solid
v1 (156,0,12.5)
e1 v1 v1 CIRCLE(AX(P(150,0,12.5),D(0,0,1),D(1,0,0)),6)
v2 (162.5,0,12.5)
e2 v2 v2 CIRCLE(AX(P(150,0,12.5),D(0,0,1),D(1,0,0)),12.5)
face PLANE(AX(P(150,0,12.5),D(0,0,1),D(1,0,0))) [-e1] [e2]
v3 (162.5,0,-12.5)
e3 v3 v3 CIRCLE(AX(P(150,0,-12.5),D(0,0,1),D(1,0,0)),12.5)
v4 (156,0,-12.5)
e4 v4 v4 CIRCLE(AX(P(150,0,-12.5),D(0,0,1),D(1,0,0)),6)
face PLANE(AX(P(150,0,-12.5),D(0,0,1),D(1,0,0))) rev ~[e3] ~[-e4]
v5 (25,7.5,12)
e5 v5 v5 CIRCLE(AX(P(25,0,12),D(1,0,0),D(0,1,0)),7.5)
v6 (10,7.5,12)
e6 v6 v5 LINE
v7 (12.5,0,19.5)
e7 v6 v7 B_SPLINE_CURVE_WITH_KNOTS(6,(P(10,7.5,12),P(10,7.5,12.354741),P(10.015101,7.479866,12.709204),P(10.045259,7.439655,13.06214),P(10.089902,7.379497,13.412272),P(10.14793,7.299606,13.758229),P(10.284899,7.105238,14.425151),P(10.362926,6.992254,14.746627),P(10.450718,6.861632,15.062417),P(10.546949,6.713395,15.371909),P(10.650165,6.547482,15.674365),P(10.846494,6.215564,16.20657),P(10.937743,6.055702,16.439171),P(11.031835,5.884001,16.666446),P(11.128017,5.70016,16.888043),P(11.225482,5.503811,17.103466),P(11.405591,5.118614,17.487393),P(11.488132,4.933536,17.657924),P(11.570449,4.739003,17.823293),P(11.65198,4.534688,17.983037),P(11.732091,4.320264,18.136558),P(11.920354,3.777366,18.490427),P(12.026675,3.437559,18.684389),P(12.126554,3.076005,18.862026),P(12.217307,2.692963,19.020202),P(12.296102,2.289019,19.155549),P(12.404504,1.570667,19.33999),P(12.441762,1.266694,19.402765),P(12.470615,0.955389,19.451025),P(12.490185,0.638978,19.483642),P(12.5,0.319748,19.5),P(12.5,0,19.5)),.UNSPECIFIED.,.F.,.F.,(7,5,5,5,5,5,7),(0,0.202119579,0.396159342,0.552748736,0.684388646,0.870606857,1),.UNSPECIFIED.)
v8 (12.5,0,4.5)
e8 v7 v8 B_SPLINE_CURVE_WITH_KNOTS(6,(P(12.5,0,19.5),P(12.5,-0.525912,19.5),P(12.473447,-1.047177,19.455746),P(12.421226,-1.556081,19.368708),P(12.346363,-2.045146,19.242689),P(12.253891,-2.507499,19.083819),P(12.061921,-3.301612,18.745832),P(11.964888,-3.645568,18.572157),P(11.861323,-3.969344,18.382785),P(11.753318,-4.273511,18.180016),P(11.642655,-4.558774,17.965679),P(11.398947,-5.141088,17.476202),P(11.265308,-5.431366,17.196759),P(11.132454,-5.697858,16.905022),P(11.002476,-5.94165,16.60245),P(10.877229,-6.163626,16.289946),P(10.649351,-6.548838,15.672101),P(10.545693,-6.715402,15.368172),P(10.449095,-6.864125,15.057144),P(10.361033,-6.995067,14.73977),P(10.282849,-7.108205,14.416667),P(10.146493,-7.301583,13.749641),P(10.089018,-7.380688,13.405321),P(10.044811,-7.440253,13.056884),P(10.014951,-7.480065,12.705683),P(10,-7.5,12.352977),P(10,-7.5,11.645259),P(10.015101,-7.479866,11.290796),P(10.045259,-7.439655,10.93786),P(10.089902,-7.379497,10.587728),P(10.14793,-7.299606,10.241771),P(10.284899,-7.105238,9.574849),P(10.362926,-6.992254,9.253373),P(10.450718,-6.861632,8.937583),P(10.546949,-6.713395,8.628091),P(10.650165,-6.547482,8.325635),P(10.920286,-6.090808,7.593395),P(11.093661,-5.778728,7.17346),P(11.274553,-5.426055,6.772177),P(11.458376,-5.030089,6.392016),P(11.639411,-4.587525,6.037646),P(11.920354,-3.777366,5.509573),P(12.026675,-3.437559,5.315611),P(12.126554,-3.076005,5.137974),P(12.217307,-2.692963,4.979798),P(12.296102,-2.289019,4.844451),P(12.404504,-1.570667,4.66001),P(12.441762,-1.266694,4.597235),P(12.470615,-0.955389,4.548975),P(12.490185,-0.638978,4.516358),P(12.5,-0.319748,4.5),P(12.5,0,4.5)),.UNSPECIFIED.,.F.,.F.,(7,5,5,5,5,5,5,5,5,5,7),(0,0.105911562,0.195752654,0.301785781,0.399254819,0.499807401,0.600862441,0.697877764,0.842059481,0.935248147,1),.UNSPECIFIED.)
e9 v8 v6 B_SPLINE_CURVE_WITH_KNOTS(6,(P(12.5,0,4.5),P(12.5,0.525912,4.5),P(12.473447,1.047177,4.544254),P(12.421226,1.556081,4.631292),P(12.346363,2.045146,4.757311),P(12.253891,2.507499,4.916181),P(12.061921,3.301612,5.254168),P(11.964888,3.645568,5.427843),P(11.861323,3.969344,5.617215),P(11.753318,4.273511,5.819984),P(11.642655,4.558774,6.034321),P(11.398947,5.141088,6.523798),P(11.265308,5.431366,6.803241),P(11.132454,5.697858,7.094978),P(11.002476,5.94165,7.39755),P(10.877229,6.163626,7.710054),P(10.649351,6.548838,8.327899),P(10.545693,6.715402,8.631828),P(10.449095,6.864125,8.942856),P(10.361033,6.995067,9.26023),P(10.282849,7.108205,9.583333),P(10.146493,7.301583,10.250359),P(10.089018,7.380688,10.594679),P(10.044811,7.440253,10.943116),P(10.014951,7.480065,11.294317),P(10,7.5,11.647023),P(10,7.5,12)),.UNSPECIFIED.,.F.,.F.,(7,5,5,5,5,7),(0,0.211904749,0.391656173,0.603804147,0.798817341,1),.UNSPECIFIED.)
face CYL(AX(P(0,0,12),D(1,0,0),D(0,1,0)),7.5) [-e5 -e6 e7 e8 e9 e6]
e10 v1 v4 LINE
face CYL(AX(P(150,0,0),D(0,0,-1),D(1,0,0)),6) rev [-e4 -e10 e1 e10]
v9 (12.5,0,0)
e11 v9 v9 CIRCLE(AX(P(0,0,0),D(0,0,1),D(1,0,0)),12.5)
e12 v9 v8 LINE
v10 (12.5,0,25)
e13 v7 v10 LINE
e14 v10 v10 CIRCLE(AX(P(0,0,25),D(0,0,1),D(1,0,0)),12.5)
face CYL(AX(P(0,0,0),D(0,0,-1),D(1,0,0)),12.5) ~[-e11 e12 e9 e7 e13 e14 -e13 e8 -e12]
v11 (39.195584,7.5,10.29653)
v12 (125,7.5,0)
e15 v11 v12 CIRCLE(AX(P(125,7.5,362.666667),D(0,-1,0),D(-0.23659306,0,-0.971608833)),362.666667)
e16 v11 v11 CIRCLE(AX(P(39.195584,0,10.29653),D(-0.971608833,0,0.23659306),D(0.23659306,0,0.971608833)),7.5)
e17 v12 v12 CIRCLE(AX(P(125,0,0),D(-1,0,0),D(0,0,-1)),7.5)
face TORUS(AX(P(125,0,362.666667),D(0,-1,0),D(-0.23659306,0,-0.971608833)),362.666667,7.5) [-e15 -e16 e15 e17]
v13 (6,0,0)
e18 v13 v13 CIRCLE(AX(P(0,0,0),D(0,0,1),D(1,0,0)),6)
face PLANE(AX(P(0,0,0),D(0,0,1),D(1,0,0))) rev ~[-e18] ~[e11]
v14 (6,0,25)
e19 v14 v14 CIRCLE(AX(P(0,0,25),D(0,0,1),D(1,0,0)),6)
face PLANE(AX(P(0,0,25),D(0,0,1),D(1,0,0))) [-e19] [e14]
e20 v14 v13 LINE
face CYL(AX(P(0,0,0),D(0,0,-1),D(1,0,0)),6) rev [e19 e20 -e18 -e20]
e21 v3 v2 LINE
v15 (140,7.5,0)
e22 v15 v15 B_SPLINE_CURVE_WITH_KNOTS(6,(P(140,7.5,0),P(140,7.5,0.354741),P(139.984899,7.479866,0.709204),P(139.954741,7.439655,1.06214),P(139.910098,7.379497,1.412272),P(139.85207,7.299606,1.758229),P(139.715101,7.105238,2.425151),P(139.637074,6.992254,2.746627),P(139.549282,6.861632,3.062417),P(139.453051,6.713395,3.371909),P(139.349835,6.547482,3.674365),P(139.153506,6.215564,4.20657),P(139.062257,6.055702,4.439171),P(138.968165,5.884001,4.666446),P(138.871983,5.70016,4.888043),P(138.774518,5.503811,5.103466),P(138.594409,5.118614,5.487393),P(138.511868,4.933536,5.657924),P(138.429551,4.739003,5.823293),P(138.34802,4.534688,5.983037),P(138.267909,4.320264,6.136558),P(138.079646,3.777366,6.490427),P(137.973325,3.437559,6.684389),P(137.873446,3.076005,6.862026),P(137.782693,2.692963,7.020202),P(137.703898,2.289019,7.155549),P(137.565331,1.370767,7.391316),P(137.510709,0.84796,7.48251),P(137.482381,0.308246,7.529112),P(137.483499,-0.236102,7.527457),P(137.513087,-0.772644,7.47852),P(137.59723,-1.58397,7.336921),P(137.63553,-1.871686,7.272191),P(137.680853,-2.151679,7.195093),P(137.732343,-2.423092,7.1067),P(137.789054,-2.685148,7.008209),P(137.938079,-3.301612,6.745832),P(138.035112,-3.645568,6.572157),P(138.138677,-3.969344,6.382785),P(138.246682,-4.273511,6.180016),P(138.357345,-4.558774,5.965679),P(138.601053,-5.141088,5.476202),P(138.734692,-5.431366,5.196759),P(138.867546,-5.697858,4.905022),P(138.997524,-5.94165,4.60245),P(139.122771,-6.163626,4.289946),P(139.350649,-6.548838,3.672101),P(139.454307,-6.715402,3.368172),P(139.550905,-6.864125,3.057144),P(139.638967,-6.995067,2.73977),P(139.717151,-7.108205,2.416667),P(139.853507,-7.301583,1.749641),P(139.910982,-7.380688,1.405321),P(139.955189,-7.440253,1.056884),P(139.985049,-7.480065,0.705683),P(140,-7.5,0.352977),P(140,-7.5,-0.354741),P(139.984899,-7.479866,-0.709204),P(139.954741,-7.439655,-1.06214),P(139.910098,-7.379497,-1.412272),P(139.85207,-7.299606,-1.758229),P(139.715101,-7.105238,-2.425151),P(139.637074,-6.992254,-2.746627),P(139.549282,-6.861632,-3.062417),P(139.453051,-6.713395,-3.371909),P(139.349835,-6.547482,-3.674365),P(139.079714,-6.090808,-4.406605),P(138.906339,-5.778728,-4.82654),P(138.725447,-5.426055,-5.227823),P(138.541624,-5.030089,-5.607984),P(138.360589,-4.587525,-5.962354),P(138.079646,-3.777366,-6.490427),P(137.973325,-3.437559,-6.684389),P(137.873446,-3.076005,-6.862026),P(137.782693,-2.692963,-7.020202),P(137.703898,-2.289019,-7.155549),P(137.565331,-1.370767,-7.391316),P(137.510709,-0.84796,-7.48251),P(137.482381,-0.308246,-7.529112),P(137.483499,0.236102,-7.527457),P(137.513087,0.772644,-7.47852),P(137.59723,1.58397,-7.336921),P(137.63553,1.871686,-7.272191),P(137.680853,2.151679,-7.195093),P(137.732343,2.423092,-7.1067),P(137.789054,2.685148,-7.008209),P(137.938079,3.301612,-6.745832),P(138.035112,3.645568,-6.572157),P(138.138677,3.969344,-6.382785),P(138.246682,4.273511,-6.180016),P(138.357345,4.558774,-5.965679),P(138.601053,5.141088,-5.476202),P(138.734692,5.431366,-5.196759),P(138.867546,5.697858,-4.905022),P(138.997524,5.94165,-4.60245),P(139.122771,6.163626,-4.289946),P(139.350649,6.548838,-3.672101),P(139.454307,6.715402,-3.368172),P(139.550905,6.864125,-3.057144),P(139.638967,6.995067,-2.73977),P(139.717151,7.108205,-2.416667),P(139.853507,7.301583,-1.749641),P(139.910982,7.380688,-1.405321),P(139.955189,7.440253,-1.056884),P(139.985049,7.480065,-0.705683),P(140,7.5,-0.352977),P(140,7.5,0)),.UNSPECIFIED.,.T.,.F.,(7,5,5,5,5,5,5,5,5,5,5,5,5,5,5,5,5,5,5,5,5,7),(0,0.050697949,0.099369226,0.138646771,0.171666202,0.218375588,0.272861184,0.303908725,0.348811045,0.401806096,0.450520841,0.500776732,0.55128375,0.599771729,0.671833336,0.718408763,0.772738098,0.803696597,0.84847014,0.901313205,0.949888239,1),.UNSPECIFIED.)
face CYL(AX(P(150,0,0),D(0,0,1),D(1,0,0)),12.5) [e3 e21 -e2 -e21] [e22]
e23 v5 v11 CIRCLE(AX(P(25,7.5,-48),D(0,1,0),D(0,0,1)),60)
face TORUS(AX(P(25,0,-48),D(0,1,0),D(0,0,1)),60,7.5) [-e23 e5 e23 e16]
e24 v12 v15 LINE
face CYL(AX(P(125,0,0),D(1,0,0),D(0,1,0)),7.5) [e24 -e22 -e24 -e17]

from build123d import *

# Parameters (mm, degrees)
F0_R          = 12.5
F0_R_2        = 6
F1_DEPTH      = 25
F2_DEPTH      = 12.5
F2_DEPTH_BACK = 12.5
F4_R          = 7.5
F6_R          = 6
F7_DEPTH      = 37.5010001
F8_R          = 6
F9_DEPTH      = 25.0010001


with BuildPart() as f1:
    # F0 (on Top) → F1 (new body)
    with BuildSketch(Plane.XY):
        Circle(F0_R)
        Circle(F0_R_2, mode=Mode.SUBTRACT)
    extrude(amount=F1_DEPTH)



with BuildPart() as f2:
    # F0 (on Top) → F2 (new body, two sides)
    with BuildSketch(Plane.XY) as f2_sk:
        with Locations((150, 0)):
            Circle(F0_R)
        with Locations((150, 0)):
            Circle(F0_R_2, mode=Mode.SUBTRACT)
    extrude(amount=F2_DEPTH)
    extrude(f2_sk.sketch, amount=-F2_DEPTH_BACK)


with BuildPart() as f1_1:
    add(f1.part)

    add(f2.part)  # F5 merges F2
    # F5: sweep along a path in F3
    with BuildLine(Plane.XZ) as f5_path:
        Line((0, 12), (25, 12))
        ThreePointArc((25, 12), (32.1487132371, 11.5726103092), (39.1955835962, 10.2965299685))
        ThreePointArc((39.1955835962, 10.2965299685), (81.789999989, 2.5833332421), (125, 0))
        Line((125, 0), (150, 0))
    # F4 (on Right) → F5 (sweep)
    with BuildSketch(Plane.YZ):
        with Locations((0, 12)):
            Circle(F4_R)
    sweep(path=f5_path.line)

    # F6 (on face) → F7 (cut, through all)
    with BuildSketch(Plane.XY.offset(25)):
        Circle(F6_R)
    extrude(amount=-F7_DEPTH, mode=Mode.SUBTRACT)

    # F8 (on face) → F9 (cut, through all)
    with BuildSketch(Plane.XY.offset(12.5)):
        with Locations((150, 0)):
            Circle(F8_R)
    extrude(amount=-F9_DEPTH, mode=Mode.SUBTRACT)


solid = f1_1.part
